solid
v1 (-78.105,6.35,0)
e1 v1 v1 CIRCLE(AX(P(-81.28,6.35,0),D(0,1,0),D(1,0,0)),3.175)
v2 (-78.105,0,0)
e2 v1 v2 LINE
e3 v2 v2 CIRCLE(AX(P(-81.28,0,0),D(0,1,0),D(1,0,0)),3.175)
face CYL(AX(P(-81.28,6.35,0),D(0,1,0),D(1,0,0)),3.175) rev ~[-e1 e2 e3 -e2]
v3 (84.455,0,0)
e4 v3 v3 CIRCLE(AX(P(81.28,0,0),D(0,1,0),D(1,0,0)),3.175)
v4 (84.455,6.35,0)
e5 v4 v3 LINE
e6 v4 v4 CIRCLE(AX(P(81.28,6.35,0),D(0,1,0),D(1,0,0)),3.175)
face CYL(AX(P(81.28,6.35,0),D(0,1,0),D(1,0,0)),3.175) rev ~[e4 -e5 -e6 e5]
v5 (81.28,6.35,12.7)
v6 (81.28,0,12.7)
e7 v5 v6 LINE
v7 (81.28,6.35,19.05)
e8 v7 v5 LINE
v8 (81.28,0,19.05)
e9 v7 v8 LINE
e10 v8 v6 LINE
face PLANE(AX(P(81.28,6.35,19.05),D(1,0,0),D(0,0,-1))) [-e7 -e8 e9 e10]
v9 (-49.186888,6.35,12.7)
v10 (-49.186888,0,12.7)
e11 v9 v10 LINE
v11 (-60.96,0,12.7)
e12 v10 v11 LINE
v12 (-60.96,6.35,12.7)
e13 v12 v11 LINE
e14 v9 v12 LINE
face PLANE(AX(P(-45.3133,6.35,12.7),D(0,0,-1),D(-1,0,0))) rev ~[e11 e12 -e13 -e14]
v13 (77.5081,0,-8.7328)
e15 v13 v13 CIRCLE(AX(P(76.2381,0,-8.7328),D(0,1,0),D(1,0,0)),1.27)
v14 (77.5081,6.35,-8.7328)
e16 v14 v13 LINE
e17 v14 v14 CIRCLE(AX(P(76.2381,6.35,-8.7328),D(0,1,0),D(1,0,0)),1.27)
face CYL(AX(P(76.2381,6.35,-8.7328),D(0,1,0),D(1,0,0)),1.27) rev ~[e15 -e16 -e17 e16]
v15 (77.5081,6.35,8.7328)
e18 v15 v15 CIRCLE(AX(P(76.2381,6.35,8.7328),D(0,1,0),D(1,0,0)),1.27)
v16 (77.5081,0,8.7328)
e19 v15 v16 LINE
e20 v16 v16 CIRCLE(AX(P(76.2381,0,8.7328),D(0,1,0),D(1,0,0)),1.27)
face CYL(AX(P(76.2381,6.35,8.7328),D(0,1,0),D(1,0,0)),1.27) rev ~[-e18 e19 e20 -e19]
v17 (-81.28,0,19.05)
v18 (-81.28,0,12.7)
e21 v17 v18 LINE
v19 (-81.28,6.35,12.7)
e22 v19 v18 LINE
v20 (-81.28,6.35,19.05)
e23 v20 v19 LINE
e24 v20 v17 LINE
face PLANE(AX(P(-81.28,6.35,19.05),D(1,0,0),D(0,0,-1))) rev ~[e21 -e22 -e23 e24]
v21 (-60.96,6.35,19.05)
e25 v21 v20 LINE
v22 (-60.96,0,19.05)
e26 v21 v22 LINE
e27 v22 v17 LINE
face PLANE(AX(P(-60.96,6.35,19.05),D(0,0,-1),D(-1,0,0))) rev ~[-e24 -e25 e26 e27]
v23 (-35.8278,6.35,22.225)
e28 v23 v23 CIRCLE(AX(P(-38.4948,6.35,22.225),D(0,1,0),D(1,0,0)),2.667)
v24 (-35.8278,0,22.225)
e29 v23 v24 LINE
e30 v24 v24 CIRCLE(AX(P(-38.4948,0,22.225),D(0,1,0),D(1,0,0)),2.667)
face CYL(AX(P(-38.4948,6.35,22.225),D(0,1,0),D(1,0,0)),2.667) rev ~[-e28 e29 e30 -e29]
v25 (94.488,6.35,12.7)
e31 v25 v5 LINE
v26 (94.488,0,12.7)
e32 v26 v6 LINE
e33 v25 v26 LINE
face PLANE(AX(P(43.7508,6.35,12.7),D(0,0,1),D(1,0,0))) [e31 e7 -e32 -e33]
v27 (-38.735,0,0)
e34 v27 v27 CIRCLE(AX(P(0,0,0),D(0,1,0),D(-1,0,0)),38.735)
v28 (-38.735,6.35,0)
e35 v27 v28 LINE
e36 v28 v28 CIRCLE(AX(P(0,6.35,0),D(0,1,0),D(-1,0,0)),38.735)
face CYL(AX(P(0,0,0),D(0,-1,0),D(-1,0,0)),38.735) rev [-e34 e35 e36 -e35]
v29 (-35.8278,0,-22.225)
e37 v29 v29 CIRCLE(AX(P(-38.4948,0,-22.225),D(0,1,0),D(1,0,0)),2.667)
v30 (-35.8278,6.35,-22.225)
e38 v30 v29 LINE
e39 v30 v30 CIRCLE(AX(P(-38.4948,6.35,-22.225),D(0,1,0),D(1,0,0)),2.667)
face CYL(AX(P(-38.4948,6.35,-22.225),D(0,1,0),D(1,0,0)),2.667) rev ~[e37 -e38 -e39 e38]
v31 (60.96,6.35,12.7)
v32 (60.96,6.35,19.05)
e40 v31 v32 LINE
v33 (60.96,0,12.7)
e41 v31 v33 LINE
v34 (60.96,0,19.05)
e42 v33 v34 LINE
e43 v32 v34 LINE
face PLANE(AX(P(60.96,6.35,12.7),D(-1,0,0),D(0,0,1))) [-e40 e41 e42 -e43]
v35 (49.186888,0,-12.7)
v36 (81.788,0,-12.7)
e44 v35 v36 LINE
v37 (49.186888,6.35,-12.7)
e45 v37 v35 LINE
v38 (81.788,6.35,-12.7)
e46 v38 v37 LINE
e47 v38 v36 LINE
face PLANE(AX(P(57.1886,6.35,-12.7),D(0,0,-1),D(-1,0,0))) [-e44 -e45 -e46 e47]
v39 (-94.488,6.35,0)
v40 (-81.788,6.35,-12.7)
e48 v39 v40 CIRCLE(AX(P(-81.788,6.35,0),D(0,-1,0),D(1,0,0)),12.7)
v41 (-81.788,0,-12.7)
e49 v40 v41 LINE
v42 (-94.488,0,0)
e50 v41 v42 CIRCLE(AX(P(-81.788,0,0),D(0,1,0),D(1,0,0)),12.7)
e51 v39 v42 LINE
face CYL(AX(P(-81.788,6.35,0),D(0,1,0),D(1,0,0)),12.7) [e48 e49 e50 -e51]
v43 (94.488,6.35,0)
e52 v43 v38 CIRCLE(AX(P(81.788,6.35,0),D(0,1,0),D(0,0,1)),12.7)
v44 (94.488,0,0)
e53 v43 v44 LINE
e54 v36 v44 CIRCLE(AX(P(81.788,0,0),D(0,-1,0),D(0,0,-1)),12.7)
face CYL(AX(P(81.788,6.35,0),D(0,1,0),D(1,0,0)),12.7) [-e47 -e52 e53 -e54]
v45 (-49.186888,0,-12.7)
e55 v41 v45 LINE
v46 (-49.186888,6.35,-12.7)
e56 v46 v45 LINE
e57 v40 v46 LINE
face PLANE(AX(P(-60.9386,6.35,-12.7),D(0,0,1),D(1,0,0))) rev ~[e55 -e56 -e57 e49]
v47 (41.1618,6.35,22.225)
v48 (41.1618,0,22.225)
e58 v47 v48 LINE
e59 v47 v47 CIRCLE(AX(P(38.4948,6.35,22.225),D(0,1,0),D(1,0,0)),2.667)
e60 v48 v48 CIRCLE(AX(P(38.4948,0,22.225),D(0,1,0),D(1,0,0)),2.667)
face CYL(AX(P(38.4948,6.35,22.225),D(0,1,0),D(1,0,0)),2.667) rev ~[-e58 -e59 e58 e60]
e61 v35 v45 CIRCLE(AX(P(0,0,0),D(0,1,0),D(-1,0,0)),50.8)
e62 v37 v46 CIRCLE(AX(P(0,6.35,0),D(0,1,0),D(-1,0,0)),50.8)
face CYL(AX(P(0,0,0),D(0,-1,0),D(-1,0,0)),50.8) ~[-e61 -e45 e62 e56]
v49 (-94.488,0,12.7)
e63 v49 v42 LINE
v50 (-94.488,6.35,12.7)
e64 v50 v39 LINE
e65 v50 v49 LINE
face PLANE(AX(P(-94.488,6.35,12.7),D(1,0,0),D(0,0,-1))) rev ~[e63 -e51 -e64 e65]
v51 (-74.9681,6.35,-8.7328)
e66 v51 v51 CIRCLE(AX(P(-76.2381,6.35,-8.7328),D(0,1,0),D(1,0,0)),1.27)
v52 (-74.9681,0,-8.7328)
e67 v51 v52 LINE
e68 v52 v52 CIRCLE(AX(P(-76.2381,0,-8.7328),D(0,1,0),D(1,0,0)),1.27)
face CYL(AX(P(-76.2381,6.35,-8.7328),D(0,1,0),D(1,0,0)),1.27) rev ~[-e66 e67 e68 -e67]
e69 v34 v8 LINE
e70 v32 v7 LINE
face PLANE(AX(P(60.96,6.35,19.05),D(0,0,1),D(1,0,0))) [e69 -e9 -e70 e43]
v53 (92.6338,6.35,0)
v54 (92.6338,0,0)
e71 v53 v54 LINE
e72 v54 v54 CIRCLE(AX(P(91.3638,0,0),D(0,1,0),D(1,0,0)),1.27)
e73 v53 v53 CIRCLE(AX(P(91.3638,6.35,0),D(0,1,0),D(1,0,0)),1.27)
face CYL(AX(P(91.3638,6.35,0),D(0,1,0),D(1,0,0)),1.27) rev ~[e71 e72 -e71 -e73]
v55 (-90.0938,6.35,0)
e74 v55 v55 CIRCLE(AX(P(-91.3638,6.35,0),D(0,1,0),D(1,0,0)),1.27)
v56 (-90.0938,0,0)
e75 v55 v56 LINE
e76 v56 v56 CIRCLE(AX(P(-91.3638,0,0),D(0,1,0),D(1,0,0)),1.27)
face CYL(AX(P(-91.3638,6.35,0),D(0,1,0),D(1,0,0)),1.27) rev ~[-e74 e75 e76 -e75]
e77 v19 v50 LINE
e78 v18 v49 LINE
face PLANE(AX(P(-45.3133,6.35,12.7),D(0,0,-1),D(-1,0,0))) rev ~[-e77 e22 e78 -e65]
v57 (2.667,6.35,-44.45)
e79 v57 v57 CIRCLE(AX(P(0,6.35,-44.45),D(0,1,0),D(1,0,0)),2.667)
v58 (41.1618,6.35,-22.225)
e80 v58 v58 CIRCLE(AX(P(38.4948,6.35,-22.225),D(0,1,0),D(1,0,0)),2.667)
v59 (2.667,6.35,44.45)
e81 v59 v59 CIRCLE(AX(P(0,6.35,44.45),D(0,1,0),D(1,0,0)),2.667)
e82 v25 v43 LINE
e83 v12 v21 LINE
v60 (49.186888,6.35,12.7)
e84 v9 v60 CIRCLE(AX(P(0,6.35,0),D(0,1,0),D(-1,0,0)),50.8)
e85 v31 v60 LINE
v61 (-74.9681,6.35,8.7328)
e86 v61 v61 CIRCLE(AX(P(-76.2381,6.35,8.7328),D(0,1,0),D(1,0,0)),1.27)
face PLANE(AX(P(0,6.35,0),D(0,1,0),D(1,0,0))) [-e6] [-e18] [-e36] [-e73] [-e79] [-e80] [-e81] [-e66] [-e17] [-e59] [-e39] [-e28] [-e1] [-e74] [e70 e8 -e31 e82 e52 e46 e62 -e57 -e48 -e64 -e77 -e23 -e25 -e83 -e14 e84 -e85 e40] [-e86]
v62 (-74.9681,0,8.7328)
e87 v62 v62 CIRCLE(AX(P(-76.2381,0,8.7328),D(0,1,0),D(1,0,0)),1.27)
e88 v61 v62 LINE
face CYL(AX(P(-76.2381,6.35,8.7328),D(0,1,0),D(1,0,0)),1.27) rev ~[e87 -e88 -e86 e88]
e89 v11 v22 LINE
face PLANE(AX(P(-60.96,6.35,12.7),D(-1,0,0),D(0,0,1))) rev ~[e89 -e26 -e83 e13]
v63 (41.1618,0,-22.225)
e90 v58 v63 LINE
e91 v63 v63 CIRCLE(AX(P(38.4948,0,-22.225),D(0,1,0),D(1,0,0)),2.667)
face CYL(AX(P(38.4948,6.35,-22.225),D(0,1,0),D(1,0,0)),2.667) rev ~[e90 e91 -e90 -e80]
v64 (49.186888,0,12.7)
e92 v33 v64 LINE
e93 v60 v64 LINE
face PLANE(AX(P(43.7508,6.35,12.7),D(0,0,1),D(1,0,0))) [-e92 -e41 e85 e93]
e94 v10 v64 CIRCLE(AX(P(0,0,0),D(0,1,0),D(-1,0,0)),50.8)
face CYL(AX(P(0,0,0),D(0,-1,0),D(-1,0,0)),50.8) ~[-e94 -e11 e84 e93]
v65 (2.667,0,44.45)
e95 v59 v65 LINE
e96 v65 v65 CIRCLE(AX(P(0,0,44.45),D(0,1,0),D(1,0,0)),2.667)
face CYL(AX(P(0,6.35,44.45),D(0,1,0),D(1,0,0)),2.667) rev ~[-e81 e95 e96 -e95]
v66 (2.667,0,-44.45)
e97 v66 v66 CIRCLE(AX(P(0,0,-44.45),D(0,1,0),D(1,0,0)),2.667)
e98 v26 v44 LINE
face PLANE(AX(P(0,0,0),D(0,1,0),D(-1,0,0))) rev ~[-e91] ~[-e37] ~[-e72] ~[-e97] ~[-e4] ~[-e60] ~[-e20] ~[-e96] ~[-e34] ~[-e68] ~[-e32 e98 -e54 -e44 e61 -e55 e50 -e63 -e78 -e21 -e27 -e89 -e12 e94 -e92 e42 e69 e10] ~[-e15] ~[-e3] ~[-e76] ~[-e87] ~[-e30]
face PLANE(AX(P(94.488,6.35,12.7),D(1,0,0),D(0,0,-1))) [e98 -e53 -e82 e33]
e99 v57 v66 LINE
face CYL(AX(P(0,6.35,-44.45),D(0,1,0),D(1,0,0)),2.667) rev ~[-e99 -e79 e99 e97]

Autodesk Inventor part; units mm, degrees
ref_plane "YZ Plane" through (0, 0, 0) normal (1, 0, 0) x (0, 1, 0)
ref_plane "XZ Plane" through (0, 0, 0) normal (0, 1, 0) x (-1, 0, 0)
ref_plane "XY Plane" through (0, 0, 0) normal (0, 0, 1) x (1, 0, 0)
sketch "Sketch4" plane through (0, 0, 0) normal (0, 1, 0) x (-1, 0, 0)
  circle A0 centre (0, 0) radius 38.735
  circle A1 centre (0, 0) radius 50.8
  dimension "d9" = 77.47
  dimension "d10" = 101.6
extrude "Extrusion2" add sketch "Sketch4" along normal blind 6.35
sketch "Sketch5" plane through (0, 6.35, 0) normal (0, 1, 0) x (1, 0, 0)
  circle A0 centre (0, -44.45) radius 2.667
  circle A1 centre (38.4948, -22.225) radius 2.667
  circle A2 centre (38.4948, 22.225) radius 2.667
  circle A3 centre (0, 44.45) radius 2.667
  circle A4 centre (-38.4948, 22.225) radius 2.667
  circle A5 centre (-38.4948, -22.225) radius 2.667
  point P0 (0, 0)
  dimension "d13" = 5.334
  dimension "d16" = 360
extrude "Extrusion3" cut sketch "Sketch5" against normal blind 6.35
sketch "Sketch7" plane through (0, 6.35, 0) normal (0, 1, 0) x (1, 0, 0)
  line L0 (50.8, 12.7) -> (81.788, 12.7)
  line L1 (81.788, 12.7) -> (81.788, -12.7)
  line L2 (81.788, -12.7) -> (50.8, -12.7)
  line L3 (50.8, -12.7) -> (50.8, 12.7)
  line L4 (-50.8, 12.7) -> (-81.788, 12.7)
  line L5 (-81.788, 12.7) -> (-81.788, -12.7)
  line L6 (-81.788, -12.7) -> (-50.8, -12.7)
  line L7 (-50.8, -12.7) -> (-50.8, 12.7)
  point P0 (0, 0)
  dimension "d50" = 30.988
  dimension "d51" = 25.4
  dimension "d52" = 30.988
extrude "Extrusion4" add sketch "Sketch7" against normal blind 6.35
sketch "Sketch8" plane through (0, 6.35, 0) normal (0, 1, 0) x (1, 0, 0)
  line L0 (-123.5202, 12.7) -> (-50.8, 12.7) projected
  line L1 (-60.9386, 12.7) -> (-45.3133, 12.7)
  line L2 (-45.3133, 12.7) -> (-45.3133, -12.7)
  line L3 (-45.3133, -12.7) -> (-60.9386, -12.7)
  line L4 (-60.9386, -12.7) -> (-60.9386, 12.7)
  line L5 (57.1886, 12.7) -> (43.7508, 12.7)
  line L6 (43.7508, 12.7) -> (43.7508, -12.7)
  line L7 (43.7508, -12.7) -> (57.1886, -12.7)
  line L8 (57.1886, -12.7) -> (57.1886, 12.7)
  point P0 (0, 0)
extrude "Extrusion5" add sketch "Sketch8" against normal blind 6.35
sketch "Sketch9" plane through (0, 6.35, 0) normal (0, 1, 0) x (1, 0, 0)
  line L0 (111.76, 12.7) -> (111.76, -12.7) projected
  line L1 (81.788, 12.7) -> (81.788, -12.7) projected
  circle A0 centre (81.788, 0) radius 12.7
  line L2 (-81.788, 12.7) -> (-81.788, -12.7) projected
  circle A1 centre (-81.788, 0) radius 12.7
  point P0 (0, 0)
  point P1 (-111.7602, 0)
  point P2 (-111.76, -12.7)
extrude "Extrusion6" add sketch "Sketch9" against normal blind 6.35
sketch "Sketch10" plane through (0, 6.35, 0) normal (0, 1, 0) x (1, 0, 0)
  circle A0 centre (81.28, 0) radius 3.175
  circle A1 centre (91.3638, 0) radius 1.27
  circle A2 centre (76.2381, 8.7328) radius 1.27
  circle A3 centre (76.2381, -8.7328) radius 1.27
  circle A4 centre (-81.28, 0) radius 3.175
  circle A5 centre (-91.3638, 0) radius 1.27
  circle A6 centre (-76.2381, -8.7328) radius 1.27
  circle A7 centre (-76.2381, 8.7328) radius 1.27
  point P0 (0, 0)
  dimension "d53" = 6.35
  dimension "d54" = 2.54
  dimension "d57" = 360
  dimension "d59" = 6.35
  dimension "d60" = 2.54
  dimension "d63" = 360
extrude "Extrusion7" cut sketch "Sketch10" against normal blind 6.35
sketch "Sketch11" plane through (0, 6.35, 0) normal (0, 1, 0) x (1, 0, 0)
  arc A0 (-81.788, 12.7) -> (-81.788, -12.7) centre (-81.788, 0) ccw projected
  line L0 (-94.488, 0) -> (-81.788, 0)
  line L1 (-81.788, 0) -> (-81.788, -12.7)
  line L2 (-81.788, -12.7) -> (-94.488, -12.7)
  line L3 (-94.488, -12.7) -> (-94.488, 0)
  arc A1 (81.788, -12.7) -> (81.788, 12.7) centre (81.788, 0) ccw projected
  line L4 (94.488, 0) -> (81.788, 0)
  line L5 (81.788, 0) -> (81.788, -12.7)
  line L6 (81.788, -12.7) -> (94.488, -12.7)
  line L7 (94.488, -12.7) -> (94.488, 0)
  point P0 (0, 0)
extrude "Extrusion8" add sketch "Sketch11" against normal blind 6.35 contours A0 L2 L3 | A1 L7 L6
sketch "Sketch12" plane through (0, 6.35, 0) normal (0, 1, 0) x (1, 0, 0)
  line L0 (-49.1869, -12.7) -> (-94.488, -12.7) projected
  line L1 (-81.28, -12.7) -> (-60.96, -12.7)
  line L2 (-60.96, -12.7) -> (-60.96, -19.05)
  line L3 (-60.96, -19.05) -> (-81.28, -19.05)
  line L4 (-81.28, -19.05) -> (-81.28, -12.7)
  line L5 (94.488, -12.7) -> (49.1869, -12.7) projected
  line L6 (81.28, -12.7) -> (60.96, -12.7)
  line L7 (60.96, -12.7) -> (60.96, -19.05)
  line L8 (60.96, -19.05) -> (81.28, -19.05)
  line L9 (81.28, -19.05) -> (81.28, -12.7)
  point P0 (0, 0)
  dimension "d67" = 20.32
  dimension "d68" = 6.35
  dimension "d69" = 20.32
extrude "Extrusion9" add sketch "Sketch12" against normal blind 6.35
properties part number "middle plate2"
